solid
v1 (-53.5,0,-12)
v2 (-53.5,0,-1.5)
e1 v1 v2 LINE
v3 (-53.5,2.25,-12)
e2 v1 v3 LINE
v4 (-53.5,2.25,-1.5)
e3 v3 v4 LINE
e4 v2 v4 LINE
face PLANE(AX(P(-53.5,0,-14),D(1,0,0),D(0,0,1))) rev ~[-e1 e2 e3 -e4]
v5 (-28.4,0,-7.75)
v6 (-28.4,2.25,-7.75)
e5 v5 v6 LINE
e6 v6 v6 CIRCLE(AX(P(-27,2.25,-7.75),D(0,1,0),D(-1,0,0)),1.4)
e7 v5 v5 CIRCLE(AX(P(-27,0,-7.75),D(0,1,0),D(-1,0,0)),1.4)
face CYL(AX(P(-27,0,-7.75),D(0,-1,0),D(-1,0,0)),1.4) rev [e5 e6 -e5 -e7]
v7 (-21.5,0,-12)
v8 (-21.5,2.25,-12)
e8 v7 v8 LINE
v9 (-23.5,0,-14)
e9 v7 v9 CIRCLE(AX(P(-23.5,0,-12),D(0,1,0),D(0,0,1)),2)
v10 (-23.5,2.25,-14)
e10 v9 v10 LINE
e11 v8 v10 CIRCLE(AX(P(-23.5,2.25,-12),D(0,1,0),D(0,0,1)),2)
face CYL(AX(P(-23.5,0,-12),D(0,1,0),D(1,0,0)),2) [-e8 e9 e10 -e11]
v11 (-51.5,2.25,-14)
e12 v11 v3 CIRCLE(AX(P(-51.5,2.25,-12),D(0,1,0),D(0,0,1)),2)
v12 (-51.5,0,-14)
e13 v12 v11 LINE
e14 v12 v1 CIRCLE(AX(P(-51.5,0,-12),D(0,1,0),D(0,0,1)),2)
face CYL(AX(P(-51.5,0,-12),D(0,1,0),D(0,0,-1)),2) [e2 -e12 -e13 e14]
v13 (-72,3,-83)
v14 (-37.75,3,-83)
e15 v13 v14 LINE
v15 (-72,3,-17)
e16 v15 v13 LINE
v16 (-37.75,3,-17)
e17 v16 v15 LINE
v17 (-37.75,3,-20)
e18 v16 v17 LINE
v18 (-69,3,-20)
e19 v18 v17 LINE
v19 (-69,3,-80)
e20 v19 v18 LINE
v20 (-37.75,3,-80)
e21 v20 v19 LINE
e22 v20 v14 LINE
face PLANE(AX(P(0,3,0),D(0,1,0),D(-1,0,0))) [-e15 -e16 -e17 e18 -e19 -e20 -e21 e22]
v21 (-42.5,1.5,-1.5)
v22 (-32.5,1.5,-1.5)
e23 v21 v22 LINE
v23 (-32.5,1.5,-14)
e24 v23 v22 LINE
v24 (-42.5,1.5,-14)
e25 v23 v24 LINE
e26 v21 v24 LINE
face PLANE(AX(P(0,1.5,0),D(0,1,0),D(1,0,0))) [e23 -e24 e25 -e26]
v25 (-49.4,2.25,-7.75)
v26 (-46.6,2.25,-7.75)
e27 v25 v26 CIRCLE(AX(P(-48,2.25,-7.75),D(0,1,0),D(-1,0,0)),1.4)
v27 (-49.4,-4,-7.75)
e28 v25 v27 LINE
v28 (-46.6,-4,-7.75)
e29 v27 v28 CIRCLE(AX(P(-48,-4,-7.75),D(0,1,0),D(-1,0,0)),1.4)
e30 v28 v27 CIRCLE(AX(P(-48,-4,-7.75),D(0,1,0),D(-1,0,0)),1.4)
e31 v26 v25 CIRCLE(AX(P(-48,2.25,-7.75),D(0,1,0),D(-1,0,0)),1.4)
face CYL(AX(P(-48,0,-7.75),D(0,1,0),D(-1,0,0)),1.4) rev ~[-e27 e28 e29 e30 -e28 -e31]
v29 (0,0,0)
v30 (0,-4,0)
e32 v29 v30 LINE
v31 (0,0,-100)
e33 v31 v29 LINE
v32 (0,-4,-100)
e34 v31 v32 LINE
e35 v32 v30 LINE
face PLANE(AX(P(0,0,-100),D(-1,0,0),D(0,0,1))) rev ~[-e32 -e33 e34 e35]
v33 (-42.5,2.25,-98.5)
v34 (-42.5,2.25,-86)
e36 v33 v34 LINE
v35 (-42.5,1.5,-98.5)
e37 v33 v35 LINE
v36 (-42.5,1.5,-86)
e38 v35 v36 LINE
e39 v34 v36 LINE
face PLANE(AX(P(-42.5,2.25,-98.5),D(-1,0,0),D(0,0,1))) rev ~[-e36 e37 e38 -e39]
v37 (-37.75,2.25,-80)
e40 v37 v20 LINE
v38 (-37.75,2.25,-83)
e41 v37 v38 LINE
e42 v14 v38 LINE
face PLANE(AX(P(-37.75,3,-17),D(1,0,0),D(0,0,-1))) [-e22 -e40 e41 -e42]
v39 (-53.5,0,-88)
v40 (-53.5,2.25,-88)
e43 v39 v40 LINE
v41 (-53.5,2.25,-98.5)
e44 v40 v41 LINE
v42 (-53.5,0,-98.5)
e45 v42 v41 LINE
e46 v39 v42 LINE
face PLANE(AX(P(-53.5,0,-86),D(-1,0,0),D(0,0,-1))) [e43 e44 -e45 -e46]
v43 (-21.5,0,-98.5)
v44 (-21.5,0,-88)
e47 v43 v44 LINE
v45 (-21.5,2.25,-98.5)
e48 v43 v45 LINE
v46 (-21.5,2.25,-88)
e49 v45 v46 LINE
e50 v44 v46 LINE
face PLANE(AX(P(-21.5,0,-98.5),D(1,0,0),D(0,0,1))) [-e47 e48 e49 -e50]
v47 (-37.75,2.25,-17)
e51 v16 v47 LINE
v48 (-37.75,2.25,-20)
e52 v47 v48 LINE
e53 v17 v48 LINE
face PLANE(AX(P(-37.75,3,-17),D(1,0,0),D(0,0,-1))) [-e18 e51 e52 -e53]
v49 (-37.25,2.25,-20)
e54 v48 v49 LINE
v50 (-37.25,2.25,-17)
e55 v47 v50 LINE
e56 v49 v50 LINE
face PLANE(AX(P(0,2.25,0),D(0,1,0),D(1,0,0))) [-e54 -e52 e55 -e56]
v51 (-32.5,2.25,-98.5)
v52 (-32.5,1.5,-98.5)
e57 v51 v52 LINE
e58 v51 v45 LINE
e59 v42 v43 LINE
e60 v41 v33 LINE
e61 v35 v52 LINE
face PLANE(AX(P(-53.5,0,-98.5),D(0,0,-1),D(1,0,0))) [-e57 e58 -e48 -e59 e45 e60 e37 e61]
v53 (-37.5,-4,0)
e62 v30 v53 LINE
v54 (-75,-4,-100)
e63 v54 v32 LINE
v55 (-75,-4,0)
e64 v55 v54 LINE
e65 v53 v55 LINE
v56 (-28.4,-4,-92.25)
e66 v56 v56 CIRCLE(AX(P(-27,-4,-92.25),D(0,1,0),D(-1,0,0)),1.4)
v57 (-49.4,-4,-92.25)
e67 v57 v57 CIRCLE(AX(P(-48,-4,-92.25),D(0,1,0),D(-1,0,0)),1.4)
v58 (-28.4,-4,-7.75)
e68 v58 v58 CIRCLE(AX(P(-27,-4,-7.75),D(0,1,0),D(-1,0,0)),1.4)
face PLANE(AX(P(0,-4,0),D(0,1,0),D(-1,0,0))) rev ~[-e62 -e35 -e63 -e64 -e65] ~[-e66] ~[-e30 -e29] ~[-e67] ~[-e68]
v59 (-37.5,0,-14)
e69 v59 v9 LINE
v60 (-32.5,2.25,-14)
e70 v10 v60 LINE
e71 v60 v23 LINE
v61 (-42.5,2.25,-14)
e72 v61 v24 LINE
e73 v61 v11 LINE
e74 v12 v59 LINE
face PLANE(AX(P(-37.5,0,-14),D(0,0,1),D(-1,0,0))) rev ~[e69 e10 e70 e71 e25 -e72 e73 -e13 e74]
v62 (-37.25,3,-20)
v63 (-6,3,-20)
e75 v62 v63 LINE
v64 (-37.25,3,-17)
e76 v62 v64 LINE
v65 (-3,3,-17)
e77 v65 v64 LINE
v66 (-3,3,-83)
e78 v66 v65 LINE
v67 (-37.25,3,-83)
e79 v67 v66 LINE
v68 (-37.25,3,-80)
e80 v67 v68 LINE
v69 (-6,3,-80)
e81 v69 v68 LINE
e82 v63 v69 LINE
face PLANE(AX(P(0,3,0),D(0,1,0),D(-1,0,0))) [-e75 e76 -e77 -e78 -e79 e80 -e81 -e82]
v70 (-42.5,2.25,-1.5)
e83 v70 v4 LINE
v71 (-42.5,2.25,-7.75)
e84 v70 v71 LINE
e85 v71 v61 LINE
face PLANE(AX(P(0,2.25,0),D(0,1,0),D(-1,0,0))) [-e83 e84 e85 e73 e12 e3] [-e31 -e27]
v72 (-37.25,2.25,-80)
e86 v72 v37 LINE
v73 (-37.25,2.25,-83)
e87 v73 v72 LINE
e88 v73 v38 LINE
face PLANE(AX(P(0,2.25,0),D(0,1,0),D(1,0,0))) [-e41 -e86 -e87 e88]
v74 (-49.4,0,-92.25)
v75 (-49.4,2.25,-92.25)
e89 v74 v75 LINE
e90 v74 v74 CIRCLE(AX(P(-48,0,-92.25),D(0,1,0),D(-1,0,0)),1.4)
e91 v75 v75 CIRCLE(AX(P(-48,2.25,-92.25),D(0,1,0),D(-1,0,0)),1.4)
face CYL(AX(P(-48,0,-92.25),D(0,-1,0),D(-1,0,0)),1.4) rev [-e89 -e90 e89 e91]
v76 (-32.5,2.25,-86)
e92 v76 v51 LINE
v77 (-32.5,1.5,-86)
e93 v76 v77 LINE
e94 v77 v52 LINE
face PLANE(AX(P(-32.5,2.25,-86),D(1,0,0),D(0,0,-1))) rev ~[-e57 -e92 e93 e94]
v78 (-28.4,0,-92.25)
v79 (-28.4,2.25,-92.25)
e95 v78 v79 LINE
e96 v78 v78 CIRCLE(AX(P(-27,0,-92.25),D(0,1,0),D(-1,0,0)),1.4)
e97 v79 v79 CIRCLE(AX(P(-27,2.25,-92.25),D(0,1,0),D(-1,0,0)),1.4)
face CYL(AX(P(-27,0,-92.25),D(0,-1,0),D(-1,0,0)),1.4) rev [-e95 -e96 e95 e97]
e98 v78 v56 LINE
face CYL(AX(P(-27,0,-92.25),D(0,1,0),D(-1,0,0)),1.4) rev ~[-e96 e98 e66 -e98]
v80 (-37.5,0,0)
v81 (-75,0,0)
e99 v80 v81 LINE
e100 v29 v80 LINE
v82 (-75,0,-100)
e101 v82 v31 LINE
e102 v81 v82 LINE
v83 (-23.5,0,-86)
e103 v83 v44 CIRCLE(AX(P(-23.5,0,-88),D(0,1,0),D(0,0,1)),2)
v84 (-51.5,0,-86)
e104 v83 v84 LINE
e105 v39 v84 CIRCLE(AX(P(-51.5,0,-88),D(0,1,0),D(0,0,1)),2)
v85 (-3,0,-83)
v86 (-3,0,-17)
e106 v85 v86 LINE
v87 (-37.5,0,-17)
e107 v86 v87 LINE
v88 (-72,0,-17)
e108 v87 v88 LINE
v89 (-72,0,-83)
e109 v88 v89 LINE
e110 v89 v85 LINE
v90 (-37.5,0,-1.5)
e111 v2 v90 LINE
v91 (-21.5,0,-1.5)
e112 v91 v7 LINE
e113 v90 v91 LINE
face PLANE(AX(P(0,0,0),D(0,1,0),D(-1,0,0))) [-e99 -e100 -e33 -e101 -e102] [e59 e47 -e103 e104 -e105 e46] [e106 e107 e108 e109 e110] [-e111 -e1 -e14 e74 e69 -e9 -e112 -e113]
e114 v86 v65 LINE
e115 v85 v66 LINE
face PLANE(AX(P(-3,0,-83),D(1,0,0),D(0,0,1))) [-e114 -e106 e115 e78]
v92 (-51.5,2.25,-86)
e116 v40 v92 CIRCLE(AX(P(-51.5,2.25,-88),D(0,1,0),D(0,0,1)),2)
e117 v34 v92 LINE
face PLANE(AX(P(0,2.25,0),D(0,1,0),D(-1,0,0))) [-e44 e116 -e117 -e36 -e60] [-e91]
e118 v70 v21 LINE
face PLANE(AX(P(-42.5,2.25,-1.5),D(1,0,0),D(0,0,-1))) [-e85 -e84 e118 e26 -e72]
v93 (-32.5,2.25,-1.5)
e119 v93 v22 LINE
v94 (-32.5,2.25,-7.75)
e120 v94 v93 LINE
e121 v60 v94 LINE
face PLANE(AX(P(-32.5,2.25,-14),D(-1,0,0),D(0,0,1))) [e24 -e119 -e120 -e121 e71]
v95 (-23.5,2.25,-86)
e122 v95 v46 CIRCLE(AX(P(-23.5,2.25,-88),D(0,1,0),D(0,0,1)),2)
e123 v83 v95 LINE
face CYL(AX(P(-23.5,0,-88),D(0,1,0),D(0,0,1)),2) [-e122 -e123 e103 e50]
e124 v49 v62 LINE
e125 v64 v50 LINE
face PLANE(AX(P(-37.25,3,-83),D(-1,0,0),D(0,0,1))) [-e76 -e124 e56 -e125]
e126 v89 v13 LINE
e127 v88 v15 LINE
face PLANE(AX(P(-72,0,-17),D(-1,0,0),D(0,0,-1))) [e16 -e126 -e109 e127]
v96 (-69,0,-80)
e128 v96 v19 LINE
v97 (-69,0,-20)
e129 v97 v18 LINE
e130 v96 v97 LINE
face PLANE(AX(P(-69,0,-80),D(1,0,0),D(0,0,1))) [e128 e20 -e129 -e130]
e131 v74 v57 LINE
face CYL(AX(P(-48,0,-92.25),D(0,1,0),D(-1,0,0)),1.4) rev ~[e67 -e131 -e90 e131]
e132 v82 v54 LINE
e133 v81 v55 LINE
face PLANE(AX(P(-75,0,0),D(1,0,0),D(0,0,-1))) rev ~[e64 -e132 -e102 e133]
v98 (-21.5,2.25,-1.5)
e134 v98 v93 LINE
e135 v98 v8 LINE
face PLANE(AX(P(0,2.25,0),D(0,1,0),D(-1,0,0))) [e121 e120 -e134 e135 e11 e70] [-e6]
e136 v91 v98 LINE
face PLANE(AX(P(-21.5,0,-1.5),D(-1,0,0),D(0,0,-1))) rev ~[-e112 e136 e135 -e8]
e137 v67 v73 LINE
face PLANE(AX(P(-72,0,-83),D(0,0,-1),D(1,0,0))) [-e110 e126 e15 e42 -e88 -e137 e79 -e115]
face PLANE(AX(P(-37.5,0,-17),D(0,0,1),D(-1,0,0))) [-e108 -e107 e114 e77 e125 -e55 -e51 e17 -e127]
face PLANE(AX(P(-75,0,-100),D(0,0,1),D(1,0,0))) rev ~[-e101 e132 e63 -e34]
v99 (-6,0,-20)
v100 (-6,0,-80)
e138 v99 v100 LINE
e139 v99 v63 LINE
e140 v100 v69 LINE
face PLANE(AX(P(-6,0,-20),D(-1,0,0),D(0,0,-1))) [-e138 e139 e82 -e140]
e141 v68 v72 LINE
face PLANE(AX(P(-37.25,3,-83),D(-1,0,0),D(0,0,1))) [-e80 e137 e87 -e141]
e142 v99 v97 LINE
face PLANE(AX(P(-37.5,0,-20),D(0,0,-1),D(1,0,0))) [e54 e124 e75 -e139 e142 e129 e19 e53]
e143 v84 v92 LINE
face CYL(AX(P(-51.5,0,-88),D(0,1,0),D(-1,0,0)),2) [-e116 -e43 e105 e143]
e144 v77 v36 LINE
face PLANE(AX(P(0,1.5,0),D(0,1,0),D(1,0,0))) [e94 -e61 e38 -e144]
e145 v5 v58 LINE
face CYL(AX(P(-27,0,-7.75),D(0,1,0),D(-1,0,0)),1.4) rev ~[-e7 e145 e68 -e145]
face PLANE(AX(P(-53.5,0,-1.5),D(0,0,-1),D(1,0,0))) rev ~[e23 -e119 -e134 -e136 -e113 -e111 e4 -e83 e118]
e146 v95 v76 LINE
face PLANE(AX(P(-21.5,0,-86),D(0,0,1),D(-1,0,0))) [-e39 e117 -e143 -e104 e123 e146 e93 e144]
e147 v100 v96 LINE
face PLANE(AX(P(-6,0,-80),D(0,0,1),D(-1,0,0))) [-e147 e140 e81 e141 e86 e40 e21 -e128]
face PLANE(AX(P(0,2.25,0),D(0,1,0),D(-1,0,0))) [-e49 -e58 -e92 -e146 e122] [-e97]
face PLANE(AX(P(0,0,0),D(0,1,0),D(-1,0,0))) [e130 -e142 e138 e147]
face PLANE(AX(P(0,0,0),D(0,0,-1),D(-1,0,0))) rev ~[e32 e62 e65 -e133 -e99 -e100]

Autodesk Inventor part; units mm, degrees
ref_plane "YZ Plane" through (0, 0, 0) normal (1, 0, 0) x (0, 1, 0)
ref_plane "XZ Plane" through (0, 0, 0) normal (0, 1, 0) x (-1, 0, 0)
ref_plane "XY Plane" through (0, 0, 0) normal (0, 0, 1) x (1, 0, 0)
sketch "Boceto1" plane through (0, 0, 0) normal (0, 1, 0) x (-1, 0, 0)
  line L0 (0, 0) -> (75, 0)
  line L1 (75, 0) -> (75, -100)
  line L2 (75, -100) -> (0, -100)
  line L3 (0, -100) -> (0, 0)
  line L4 (6, -80) -> (69, -80)
  line L5 (69, -80) -> (69, -20)
  line L6 (69, -20) -> (6, -20)
  line L7 (6, -20) -> (6, -80)
  line L8 (6, -80) -> (69, -20) construction
  line L9 (69, -80) -> (6, -20) construction
  line L10 (72, -17) -> (72, -83)
  line L11 (72, -83) -> (3, -83)
  line L12 (3, -83) -> (3, -17)
  line L13 (3, -17) -> (72, -17)
  line L14 (53.5, -1.5) -> (21.5, -1.5)
  line L15 (21.5, -1.5) -> (21.5, -14)
  line L16 (21.5, -14) -> (53.5, -14)
  line L17 (53.5, -14) -> (53.5, -1.5)
  line L18 (69, -50) -> (6, -50) construction
  line L19 (53.5, -7.75) -> (48, -7.75) construction
  line L20 (48, -7.75) -> (27, -7.75) construction
  line L21 (27, -7.75) -> (21.5, -7.75) construction
  circle A0 centre (48, -7.75) radius 1.4
  circle A1 centre (27, -7.75) radius 1.4
  line L22 (53.5, -98.5) -> (21.5, -98.5)
  line L23 (21.5, -98.5) -> (21.5, -86)
  line L24 (21.5, -86) -> (53.5, -86)
  line L25 (53.5, -86) -> (53.5, -98.5)
  circle A2 centre (48, -92.25) radius 1.4
  circle A3 centre (27, -92.25) radius 1.4
  line L26 (58.4347, 0) -> (58.4347, -14) construction
  line L27 (68.2, -14.5) -> (75, -14.5) construction
  line L28 (37.5, -20) -> (37.5, -80) construction
  circle A4 centre (48, -92.25) radius 1.4
  line L29 (48, -7.75) -> (27, -7.75)
  line L30 (37.5, -1.5) -> (37.5, 0)
  line L31 (37.5, -1.5) -> (37.5, -50)
  point P0 (37.5, -14)
  point P1 (37.5, -17)
  point P2 (37.5, -98.5)
  point P3 (37.5, -100)
  dimension "d0" = 100
  dimension "d1" = 75
  dimension "d2" = 60
  dimension "d3" = 63
  dimension "d4" = 3
  dimension "d5" = 12.5
  dimension "d6" = 32
  dimension "d8" = 5.5
  dimension "d9" = 5.5
  dimension "d10" = 2.8
  dimension "d11" = 2.8
  dimension "d14" = 14
  dimension "d32" = 1.5
  dimension "d36" = 1.5
extrude "Extrusión1" add sketch "Boceto1" along normal blind 3 contours L13 L10 L11 L12
extrude "Extrusión2" add sketch "Boceto1" against normal blind 4 contours L14 L17 L16 L31 | L31 L16 L15 L14 | L0 L1 L2 L3 | L22 L23 L24 L25
extrude "Extrusión3" add sketch "Boceto1" along normal blind 2.25 contours L14 L17 L16 L31 | L31 L16 L15 L14 | L22 L23 L24 L25
sketch "Boceto2" plane through (0, 2.25, 0) normal (0, 1, 0) x (1, 0, 0)
  line L0 (-53.5, 1.5) -> (-21.5, 1.5) projected
  line L1 (-37.5, 1.5) -> (-37.5, 14)
  line L2 (-21.5, 14) -> (-53.5, 14) projected
  line L3 (-32.5, 1.5) -> (-42.5, 1.5)
  line L4 (-42.5, 1.5) -> (-42.5, 14)
  line L5 (-42.5, 14) -> (-32.5, 14)
  line L6 (-32.5, 14) -> (-32.5, 1.5)
  line L7 (-32.5, 1.5) -> (-42.5, 14) construction
  line L8 (-42.5, 1.5) -> (-32.5, 14) construction
  line L9 (-69, 50) -> (-6, 50) construction
  line L10 (-53.5, 98.5) -> (-21.5, 98.5)
  line L11 (-21.5, 86) -> (-53.5, 86)
  line L12 (-42.5, 98.5) -> (-42.5, 86)
  line L13 (-32.5, 86) -> (-32.5, 98.5)
  point P0 (0, 0)
  point P1 (-37.5, 7.75)
  point P2 (-42.5, 98.5)
  point P3 (-42.5, 1.5)
  point P4 (-32.5, 1.5)
  point P5 (-32.5, 14)
  dimension "d22" = 10
extrude "Extrusión4" cut sketch "Boceto2" against normal blind 0.75
extrude "Extrusión5" add sketch "Boceto1" against normal blind 4 contours L6 L5 L4 L7 | L13 L10 L11 L12
sketch "Boceto3" plane through (0, 3, 0) normal (0, 1, 0) x (1, 0, 0)
  line L0 (-37.5, 20) -> (-37.5, 80) construction
  line L1 (-72, 17) -> (-3, 17) projected
  line L2 (-37.5, 17) -> (-37.5, 83)
  line L3 (-3, 83) -> (-72, 83) projected
  line L4 (-37.25, 17) -> (-37.75, 17)
  line L5 (-37.75, 17) -> (-37.75, 83)
  line L6 (-37.75, 83) -> (-37.25, 83)
  line L7 (-37.25, 83) -> (-37.25, 17)
  line L8 (-37.25, 17) -> (-37.75, 83) construction
  line L9 (-37.75, 17) -> (-37.25, 83) construction
  point P0 (0, 0)
  point P1 (-37.5, 50)
  point P2 (-37.25, 83)
  point P3 (-37.75, 17)
  dimension "d27" = 0.5
extrude "Extrusión6" cut sketch "Boceto3" against normal blind 0.75
sketch "Boceto4" plane through (-53.5, 0, -1.5) normal (0, 0, 1) x (1, 0, 0)
  line L0 (16.25, 2.25) -> (15.75, 2.25) projected
  line L1 (21, 1.5) -> (11, 1.5) projected
  line L2 (-21.5, 0) -> (53.5, 0) projected
  line L3 (15.75, 2.25) -> (15.75, 3) projected
fillet "Empalme1" radius 2 4 edges at (-53.5, 1.125, -86) (-21.5, 1.125, -86) (-21.5, 1.125, -14) (-53.5, 1.125, -14)
equation "\"d9\" = d8"
properties part number "Molde 663FBR 0.75mm"
